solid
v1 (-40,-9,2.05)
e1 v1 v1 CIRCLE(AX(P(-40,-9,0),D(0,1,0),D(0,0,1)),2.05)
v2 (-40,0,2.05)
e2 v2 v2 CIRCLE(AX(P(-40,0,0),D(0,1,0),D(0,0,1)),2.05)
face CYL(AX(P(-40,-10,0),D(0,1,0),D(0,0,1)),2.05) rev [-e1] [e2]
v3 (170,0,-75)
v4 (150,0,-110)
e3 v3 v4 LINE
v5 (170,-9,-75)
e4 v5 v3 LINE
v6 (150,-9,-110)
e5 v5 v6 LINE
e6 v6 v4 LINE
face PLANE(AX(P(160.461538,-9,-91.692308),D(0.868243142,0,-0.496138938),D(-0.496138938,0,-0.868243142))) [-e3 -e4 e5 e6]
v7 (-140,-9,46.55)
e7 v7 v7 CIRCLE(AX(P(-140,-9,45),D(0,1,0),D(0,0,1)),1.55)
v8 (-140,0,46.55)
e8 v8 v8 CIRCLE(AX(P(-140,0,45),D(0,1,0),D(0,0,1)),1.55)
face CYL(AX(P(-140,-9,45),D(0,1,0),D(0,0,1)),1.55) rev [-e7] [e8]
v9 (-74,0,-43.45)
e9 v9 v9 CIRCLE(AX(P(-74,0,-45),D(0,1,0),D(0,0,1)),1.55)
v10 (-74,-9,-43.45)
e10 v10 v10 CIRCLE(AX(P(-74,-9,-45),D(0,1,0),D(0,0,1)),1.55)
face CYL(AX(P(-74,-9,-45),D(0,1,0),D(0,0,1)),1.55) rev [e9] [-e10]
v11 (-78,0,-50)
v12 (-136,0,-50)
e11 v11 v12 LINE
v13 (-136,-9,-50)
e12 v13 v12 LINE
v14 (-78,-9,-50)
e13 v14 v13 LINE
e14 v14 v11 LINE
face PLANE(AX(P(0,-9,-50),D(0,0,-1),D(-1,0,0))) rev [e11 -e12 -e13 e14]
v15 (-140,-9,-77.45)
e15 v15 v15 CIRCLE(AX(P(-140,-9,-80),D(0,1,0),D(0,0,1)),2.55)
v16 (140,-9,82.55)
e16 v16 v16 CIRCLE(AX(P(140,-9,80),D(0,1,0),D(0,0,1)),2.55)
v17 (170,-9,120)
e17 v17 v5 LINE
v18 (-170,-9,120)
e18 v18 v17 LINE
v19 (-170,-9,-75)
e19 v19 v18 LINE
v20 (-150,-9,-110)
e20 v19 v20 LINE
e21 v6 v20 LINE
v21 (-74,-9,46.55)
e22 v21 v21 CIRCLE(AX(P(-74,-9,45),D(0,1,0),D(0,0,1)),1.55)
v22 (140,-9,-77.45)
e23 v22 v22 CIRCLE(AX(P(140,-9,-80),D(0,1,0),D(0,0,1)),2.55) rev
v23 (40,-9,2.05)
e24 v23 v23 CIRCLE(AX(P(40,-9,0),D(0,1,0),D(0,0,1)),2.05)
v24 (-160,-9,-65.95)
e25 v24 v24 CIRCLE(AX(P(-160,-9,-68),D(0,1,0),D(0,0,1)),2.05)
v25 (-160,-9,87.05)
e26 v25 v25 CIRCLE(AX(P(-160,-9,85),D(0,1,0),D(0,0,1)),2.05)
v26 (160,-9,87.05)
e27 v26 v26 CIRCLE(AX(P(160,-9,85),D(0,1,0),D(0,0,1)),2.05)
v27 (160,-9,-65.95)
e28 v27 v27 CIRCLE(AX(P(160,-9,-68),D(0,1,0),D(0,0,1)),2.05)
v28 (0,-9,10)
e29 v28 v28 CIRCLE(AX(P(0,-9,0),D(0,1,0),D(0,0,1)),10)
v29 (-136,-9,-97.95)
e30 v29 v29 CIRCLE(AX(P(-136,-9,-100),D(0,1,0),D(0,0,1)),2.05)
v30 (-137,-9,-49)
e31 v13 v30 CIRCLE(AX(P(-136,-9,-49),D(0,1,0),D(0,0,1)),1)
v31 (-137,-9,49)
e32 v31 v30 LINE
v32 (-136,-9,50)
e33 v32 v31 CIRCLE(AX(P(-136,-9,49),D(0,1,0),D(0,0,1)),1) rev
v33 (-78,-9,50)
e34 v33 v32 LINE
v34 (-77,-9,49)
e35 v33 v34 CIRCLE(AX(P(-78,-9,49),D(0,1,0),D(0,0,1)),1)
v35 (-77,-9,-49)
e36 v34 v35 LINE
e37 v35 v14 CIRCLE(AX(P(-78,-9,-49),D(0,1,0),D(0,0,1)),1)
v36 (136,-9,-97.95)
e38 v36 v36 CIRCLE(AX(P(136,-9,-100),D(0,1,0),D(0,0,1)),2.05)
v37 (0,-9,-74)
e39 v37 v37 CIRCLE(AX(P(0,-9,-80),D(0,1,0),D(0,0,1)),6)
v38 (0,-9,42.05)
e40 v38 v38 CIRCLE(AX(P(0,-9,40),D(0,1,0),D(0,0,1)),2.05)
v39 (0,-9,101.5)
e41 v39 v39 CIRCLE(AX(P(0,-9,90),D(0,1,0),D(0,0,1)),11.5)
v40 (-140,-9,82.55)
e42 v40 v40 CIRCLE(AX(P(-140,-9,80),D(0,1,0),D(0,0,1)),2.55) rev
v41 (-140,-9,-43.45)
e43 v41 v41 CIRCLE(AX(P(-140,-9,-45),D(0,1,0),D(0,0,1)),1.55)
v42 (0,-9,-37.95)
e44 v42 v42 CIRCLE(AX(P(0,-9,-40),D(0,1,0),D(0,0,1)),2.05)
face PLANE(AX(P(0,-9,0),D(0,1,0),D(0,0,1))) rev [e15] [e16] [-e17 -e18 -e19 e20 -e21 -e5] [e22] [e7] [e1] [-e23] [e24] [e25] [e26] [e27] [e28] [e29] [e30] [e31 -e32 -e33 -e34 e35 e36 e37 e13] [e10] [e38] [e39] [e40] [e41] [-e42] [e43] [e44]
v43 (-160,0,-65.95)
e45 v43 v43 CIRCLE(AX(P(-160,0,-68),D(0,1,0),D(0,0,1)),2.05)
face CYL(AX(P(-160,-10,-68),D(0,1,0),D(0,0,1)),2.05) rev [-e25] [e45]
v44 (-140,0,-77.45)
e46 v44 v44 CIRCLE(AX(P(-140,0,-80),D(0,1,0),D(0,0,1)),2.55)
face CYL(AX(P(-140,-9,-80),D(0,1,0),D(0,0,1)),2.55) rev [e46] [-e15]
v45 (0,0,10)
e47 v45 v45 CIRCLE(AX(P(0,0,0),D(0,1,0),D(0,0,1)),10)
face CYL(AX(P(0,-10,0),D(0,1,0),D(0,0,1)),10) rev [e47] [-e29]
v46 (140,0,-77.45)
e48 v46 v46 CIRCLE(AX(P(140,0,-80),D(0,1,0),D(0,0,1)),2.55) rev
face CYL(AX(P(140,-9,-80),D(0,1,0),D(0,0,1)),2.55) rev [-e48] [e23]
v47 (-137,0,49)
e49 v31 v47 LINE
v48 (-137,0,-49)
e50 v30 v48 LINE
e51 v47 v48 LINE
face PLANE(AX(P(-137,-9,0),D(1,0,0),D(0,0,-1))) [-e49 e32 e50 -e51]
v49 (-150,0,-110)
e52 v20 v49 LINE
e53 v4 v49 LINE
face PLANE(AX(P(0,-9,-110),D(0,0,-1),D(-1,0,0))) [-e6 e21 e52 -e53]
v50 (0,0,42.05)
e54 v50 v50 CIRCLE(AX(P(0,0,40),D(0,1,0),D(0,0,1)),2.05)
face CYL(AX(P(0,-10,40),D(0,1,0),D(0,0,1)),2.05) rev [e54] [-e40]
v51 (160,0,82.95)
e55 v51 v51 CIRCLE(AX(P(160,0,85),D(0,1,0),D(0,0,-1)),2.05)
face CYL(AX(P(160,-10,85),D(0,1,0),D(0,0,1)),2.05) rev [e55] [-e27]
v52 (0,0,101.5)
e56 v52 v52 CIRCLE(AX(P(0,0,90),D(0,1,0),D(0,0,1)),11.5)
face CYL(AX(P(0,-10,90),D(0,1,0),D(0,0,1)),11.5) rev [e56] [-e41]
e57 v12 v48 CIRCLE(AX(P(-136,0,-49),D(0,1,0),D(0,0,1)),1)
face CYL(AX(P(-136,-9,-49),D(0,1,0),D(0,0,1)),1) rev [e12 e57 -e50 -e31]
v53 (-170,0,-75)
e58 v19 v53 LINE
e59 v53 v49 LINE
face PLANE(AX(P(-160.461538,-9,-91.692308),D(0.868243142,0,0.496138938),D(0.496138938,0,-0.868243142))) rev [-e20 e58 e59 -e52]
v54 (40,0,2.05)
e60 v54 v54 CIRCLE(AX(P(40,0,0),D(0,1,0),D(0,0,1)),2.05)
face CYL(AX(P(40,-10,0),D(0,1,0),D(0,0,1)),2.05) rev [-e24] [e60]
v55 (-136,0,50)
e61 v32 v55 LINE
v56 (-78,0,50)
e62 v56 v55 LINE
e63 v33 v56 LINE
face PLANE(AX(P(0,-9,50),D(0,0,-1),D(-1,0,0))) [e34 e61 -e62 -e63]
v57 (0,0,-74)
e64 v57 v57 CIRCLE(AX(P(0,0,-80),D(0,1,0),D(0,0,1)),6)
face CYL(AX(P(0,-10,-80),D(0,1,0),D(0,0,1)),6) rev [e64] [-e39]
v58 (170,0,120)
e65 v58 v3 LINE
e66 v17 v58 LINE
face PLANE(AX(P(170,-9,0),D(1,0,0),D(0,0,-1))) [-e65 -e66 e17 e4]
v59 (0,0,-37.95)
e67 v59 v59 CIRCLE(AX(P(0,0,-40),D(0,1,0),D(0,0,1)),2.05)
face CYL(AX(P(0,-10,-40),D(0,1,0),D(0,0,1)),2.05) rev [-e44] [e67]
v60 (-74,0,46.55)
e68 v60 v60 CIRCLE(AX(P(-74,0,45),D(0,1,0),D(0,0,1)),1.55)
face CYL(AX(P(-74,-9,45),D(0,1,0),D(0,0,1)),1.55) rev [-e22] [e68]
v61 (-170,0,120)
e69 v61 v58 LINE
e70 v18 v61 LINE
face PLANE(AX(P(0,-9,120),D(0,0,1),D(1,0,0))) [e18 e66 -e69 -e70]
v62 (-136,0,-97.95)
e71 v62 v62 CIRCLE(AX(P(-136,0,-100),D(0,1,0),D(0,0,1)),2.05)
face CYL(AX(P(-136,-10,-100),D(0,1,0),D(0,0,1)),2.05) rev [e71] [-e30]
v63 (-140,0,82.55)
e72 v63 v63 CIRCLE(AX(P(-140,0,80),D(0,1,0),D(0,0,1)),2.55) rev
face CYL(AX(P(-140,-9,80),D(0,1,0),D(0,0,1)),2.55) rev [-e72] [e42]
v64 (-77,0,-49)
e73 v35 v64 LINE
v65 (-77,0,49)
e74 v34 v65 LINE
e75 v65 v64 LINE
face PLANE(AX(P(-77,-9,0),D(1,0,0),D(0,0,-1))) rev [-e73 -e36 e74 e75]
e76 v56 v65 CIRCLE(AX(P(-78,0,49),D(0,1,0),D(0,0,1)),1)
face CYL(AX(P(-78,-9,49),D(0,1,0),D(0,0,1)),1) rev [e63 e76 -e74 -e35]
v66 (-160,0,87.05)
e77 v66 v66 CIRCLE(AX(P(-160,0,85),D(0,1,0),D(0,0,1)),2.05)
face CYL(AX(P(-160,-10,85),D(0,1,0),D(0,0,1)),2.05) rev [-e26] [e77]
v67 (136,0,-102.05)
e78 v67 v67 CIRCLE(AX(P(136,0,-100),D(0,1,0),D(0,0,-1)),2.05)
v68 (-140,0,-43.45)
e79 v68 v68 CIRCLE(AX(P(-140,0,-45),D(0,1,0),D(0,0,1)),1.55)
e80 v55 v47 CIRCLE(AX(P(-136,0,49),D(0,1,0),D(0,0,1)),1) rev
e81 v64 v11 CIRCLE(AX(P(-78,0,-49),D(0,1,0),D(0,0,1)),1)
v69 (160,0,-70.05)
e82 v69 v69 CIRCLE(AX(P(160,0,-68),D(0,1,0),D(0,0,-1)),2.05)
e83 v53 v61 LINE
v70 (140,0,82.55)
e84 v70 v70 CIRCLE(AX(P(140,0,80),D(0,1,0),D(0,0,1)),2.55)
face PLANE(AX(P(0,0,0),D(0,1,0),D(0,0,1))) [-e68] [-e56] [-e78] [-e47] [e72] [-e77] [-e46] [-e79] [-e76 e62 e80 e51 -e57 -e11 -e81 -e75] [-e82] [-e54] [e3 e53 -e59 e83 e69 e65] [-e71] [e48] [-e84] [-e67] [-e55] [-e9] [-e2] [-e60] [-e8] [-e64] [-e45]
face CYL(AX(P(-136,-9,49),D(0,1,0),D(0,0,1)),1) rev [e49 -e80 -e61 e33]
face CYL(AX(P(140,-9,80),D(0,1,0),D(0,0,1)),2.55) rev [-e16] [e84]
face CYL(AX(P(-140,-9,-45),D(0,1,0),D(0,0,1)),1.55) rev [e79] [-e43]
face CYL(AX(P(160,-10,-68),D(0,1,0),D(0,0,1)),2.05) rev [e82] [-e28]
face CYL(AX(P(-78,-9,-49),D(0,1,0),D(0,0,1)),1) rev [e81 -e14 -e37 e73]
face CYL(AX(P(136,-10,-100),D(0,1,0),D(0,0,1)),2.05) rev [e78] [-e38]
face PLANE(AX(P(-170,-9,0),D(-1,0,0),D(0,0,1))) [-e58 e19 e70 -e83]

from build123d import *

# Parameters (mm, degrees)
ESQUISSE3_R             = 2.55
STRUCTURE_DEPTH         = 9
ESQUISSE4_R             = 10
ESQUISSE4_R_2           = 11.5
ESQUISSE4_R_3           = 2.05
ESQUISSE4_R_4           = 6
ENL_V_MAT_EXTRU_1_DEPTH = 10
ESQUISSE5_OUTSIDE_W     = 424.118
ESQUISSE5_OUTSIDE_H     = 314.118
ESQUISSE5_OUTSIDE_R     = 2.55
ESQUISSE5_OUTSIDE_R_2   = 2.05
ENL_V_MAT_EXTRU_2_DEPTH = 10
ESQUISSE6_R             = 1.55
ENL_V_MAT_EXTRU_3_DEPTH = 209.281060109


with BuildPart() as part:
    # Esquisse3 → structure (new body)
    with BuildSketch(Plane(origin=(0, 0, 0), x_dir=(1, 0, 0), z_dir=(0, 1, 0))):
        Polygon((-170, 0), (-170, -120), (170, -120), (170, 0), (170, 75), (150, 110), (-150, 110), (-170, 75), align=None)
        with Locations(Location((-140, -80, 0), (0, 0, 270))):
            Circle(ESQUISSE3_R, mode=Mode.SUBTRACT)
        with Locations(Location((-140, 80, 0), (0, 0, 270))):
            Circle(ESQUISSE3_R, mode=Mode.SUBTRACT)
        with Locations(Location((140, -80, 0), (0, 0, 270))):
            Circle(ESQUISSE3_R, mode=Mode.SUBTRACT)
        with Locations(Location((140, 80, 0), (0, 0, 270))):
            Circle(ESQUISSE3_R, mode=Mode.SUBTRACT)
    extrude(amount=-STRUCTURE_DEPTH)

    # Esquisse4 → Enlèv. mat.-Extru.1 (cut)
    with BuildSketch(Plane(origin=(0, 0, 0), x_dir=(1, 0, 0), z_dir=(0, 1, 0))):
        with Locations(Location((0, 0, 0), (0, 0, 270))):
            Circle(ESQUISSE4_R)
        with Locations(Location((0, -90, 0), (0, 0, 270))):
            Circle(ESQUISSE4_R_2)
        with Locations(Location((0, 40, 0), (0, 0, 270))):
            Circle(ESQUISSE4_R_3)
        with Locations(Location((40, 0, 0), (0, 0, 270))):
            Circle(ESQUISSE4_R_3)
        with Locations(Location((0, -40, 0), (0, 0, 270))):
            Circle(ESQUISSE4_R_3)
        with Locations(Location((-40, 0, 0), (0, 0, 270))):
            Circle(ESQUISSE4_R_3)
        with Locations(Location((0, 80, 0), (0, 0, 270))):
            Circle(ESQUISSE4_R_4)
    extrude(amount=-ENL_V_MAT_EXTRU_1_DEPTH, mode=Mode.SUBTRACT)

    # Esquisse5 outside → Enlèv. mat.-Extru.2 (cut)
    # profile 1 of 9: a face of its own
    with BuildSketch(Plane(origin=(0, 0, 0), x_dir=(1, 0, 0), z_dir=(0, 1, 0))):
        with Locations((0, -5)):
            Rectangle(ESQUISSE5_OUTSIDE_W, ESQUISSE5_OUTSIDE_H)
        Polygon((-170, 75), (-170, -120), (170, -120), (170, 75), (150, 110), (-150, 110), align=None, mode=Mode.SUBTRACT)
    # profile 2 of 9: a face of its own
    with BuildSketch(Plane(origin=(0, 0, 0), x_dir=(1, 0, 0), z_dir=(0, 1, 0))):
        with Locations(Location((-140, 80, 0), (0, 0, 270))):
            Circle(ESQUISSE5_OUTSIDE_R)
    # profile 3 of 9: a face of its own
    with BuildSketch(Plane(origin=(0, 0, 0), x_dir=(1, 0, 0), z_dir=(0, 1, 0))):
        with Locations(Location((-140, -80, 0), (0, 0, 270))):
            Circle(ESQUISSE5_OUTSIDE_R)
    # profile 4 of 9: a face of its own
    with BuildSketch(Plane(origin=(0, 0, 0), x_dir=(1, 0, 0), z_dir=(0, 1, 0))):
        with Locations(Location((-136, 100, 0), (0, 0, 270))):
            Circle(ESQUISSE5_OUTSIDE_R_2)
    # profile 5 of 9: a face of its own
    with BuildSketch(Plane(origin=(0, 0, 0), x_dir=(1, 0, 0), z_dir=(0, 1, 0))):
        with Locations(Location((-160, 68, 0), (0, 0, 270))):
            Circle(ESQUISSE5_OUTSIDE_R_2)
    # profile 6 of 9: a face of its own
    with BuildSketch(Plane(origin=(0, 0, 0), x_dir=(1, 0, 0), z_dir=(0, 1, 0))):
        with Locations(Location((-160, -85, 0), (0, 0, 270))):
            Circle(ESQUISSE5_OUTSIDE_R_2)
    # profile 7 of 9: a face of its own
    with BuildSketch(Plane(origin=(0, 0, 0), x_dir=(1, 0, 0), z_dir=(0, 1, 0))):
        with Locations(Location((160, -85, 0), (0, 0, 270))):
            Circle(ESQUISSE5_OUTSIDE_R_2)
    # profile 8 of 9: a face of its own
    with BuildSketch(Plane(origin=(0, 0, 0), x_dir=(1, 0, 0), z_dir=(0, 1, 0))):
        with Locations(Location((160, 68, 0), (0, 0, 270))):
            Circle(ESQUISSE5_OUTSIDE_R_2)
    # profile 9 of 9: a face of its own
    with BuildSketch(Plane(origin=(0, 0, 0), x_dir=(1, 0, 0), z_dir=(0, 1, 0))):
        with Locations(Location((136, 100, 0), (0, 0, 270))):
            Circle(ESQUISSE5_OUTSIDE_R_2)
    extrude(amount=-ENL_V_MAT_EXTRU_2_DEPTH, mode=Mode.SUBTRACT)

    # Esquisse6 → Enlèv. mat.-Extru.3 (cut, through all)
    with BuildSketch(Plane(origin=(0, 0, 0), x_dir=(1, 0, 0), z_dir=(0, 1, 0))):
        with Locations(Location((-140, 45, 0), (0, 0, 270))):
            Circle(ESQUISSE6_R)
        with Locations(Location((-74, 45, 0), (0, 0, 270))):
            Circle(ESQUISSE6_R)
        with Locations(Location((-140, -45, 0), (0, 0, 270))):
            Circle(ESQUISSE6_R)
        with Locations(Location((-74, -45, 0), (0, 0, 270))):
            Circle(ESQUISSE6_R)
        with BuildLine():
            Line((-78, -50), (-136, -50))
            ThreePointArc((-136, -50), (-136.707106781, -49.707106781), (-137, -49))
            Line((-137, -49), (-137, 49))
            ThreePointArc((-137, 49), (-136.707106781, 49.707106781), (-136, 50))
            Line((-136, 50), (-78, 50))
            ThreePointArc((-78, 50), (-77.292893219, 49.707106781), (-77, 49))
            Line((-77, 49), (-77, -49))
            ThreePointArc((-77, -49), (-77.292893219, -49.707106781), (-78, -50))
        make_face()
    extrude(amount=-ENL_V_MAT_EXTRU_3_DEPTH, mode=Mode.SUBTRACT)


solid = part.part
